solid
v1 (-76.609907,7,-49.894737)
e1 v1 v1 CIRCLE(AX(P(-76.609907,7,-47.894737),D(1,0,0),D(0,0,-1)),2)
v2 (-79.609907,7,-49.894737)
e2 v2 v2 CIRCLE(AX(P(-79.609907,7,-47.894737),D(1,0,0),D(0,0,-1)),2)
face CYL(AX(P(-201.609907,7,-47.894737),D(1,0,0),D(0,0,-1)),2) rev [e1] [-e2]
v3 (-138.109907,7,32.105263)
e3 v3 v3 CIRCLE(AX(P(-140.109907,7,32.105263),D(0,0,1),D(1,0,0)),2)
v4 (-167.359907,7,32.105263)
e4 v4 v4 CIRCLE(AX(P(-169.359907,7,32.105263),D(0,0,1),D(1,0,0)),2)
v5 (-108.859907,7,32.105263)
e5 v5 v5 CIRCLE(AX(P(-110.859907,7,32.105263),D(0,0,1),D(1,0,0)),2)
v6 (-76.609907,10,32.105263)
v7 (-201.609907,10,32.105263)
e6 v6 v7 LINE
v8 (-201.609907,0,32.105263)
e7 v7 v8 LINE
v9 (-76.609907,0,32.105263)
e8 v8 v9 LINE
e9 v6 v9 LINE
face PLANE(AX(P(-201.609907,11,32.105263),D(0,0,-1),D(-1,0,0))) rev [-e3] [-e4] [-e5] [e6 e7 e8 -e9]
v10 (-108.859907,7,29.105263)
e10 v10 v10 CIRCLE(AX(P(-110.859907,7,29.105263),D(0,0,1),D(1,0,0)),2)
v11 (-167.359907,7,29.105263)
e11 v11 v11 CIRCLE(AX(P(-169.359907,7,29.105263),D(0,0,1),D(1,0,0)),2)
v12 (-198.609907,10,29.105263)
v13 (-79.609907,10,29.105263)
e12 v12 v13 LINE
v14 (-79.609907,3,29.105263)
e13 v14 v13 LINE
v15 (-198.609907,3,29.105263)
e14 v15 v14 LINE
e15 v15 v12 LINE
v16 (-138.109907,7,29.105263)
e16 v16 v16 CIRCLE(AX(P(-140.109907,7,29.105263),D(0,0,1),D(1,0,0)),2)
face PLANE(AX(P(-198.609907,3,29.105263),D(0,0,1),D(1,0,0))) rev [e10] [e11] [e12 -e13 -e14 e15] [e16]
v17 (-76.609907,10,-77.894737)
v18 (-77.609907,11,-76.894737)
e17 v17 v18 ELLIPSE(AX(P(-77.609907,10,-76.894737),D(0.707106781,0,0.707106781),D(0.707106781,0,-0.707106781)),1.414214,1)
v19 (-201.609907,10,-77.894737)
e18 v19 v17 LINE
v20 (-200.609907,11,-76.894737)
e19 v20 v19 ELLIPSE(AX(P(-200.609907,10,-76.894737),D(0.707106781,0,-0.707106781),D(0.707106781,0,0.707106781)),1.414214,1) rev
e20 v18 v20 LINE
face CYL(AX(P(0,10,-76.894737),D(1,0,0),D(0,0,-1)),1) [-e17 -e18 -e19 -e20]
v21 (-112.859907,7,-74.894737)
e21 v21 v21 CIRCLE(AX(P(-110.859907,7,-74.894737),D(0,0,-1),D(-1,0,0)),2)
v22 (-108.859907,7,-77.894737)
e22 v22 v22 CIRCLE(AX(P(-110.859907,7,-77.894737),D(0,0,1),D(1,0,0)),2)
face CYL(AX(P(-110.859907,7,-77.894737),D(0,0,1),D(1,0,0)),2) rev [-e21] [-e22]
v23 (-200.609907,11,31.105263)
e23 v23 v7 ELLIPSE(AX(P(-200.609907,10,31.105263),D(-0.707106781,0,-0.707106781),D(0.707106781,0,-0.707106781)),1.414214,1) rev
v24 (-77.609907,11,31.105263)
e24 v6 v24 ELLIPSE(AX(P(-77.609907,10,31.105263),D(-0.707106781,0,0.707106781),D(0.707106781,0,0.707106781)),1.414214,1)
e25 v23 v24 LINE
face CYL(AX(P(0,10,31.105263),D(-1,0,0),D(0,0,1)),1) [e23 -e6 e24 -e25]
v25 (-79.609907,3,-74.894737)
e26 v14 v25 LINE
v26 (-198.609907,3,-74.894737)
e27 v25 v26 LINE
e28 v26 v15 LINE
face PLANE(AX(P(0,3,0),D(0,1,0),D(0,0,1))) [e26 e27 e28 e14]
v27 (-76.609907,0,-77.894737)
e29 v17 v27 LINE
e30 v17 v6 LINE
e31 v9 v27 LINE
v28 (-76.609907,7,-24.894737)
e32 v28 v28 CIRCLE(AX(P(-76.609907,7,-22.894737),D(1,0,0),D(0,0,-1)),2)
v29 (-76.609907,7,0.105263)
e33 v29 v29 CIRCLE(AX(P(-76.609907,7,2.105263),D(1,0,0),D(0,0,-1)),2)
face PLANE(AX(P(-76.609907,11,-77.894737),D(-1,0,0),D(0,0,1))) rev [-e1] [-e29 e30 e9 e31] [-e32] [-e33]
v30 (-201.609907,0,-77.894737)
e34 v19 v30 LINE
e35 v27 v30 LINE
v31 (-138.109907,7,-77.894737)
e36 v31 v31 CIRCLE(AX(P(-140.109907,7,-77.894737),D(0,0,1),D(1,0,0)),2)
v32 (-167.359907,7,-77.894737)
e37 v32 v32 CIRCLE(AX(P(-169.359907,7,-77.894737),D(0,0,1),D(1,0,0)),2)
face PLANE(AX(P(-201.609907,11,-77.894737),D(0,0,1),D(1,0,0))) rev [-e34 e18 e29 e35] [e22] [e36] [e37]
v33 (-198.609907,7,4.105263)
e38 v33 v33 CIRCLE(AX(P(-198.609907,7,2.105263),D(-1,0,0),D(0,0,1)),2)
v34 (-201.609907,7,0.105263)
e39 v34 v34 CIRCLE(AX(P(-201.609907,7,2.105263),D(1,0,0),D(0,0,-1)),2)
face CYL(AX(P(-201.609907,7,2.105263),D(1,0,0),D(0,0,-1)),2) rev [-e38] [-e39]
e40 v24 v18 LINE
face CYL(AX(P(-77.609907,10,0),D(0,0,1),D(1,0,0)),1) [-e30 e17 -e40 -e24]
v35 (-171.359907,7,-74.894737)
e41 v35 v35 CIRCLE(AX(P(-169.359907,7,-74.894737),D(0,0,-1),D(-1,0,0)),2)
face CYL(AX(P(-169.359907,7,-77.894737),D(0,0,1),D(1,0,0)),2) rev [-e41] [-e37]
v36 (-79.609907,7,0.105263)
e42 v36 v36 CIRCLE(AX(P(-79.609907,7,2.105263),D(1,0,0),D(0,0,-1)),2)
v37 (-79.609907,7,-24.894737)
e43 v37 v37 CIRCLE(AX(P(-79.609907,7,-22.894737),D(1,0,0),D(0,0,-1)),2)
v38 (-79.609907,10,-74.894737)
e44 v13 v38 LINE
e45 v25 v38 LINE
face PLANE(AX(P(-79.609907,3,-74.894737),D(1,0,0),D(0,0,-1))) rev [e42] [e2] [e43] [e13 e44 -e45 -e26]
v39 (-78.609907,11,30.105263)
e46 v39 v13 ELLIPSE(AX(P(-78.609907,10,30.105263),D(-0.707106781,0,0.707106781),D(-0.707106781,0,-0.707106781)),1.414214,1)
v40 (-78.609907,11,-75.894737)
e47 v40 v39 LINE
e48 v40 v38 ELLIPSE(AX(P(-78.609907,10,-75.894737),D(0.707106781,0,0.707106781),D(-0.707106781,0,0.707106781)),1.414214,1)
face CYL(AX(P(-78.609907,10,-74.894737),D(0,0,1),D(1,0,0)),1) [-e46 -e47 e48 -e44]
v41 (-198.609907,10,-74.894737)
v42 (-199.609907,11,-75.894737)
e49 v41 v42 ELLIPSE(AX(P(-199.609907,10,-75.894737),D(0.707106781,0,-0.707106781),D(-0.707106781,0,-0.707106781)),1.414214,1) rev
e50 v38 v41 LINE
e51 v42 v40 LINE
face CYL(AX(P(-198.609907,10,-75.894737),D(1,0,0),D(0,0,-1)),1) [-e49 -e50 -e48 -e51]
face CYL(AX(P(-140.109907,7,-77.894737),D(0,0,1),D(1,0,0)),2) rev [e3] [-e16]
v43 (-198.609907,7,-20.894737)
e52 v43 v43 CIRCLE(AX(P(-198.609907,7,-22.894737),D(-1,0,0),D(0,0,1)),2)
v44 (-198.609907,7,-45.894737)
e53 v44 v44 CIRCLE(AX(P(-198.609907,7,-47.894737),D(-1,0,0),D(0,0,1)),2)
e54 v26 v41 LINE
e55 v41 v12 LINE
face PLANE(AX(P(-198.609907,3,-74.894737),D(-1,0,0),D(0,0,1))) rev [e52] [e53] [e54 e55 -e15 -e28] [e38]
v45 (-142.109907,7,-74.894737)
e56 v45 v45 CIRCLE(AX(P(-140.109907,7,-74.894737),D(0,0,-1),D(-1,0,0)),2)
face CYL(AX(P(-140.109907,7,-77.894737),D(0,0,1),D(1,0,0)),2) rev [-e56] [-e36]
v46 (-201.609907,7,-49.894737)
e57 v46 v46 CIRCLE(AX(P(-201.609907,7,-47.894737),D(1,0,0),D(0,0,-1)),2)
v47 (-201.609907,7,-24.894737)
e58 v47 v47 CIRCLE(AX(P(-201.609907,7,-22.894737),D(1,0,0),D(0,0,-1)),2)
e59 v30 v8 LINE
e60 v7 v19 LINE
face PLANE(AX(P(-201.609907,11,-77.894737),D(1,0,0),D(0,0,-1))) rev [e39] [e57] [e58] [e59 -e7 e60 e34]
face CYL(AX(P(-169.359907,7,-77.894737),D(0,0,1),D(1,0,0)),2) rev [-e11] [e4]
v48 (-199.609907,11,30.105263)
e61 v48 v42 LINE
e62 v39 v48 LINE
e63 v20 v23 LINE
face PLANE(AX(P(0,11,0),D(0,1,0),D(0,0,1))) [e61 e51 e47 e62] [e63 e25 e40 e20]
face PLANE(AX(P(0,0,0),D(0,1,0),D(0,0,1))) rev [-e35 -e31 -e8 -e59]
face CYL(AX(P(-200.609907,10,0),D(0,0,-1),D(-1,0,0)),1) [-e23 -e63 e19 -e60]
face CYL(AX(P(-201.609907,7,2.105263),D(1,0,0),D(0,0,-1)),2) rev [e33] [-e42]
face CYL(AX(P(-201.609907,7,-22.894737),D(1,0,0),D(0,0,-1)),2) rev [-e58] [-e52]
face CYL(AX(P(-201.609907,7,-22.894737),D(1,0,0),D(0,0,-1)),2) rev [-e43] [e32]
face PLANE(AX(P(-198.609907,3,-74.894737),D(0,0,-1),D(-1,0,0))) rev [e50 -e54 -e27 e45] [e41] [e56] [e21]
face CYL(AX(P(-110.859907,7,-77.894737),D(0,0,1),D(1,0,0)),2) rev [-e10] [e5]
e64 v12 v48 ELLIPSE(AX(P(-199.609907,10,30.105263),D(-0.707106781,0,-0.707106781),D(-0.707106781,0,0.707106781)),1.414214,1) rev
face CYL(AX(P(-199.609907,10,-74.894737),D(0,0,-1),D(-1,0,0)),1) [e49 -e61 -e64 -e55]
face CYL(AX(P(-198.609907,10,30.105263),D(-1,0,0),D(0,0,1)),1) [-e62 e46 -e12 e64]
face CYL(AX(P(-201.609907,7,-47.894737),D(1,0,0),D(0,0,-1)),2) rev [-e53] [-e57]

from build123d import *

# Parameters (mm, degrees)
SKETCH1_W               = 125
SKETCH1_H               = 110
BOSS_EXTRUDE1_DEPTH     = 11
SKETCH4_W               = 119
SKETCH4_H               = 104
CUT_EXTRUDE1_DEPTH      = 8
SKETCH6_R               = 2
CUT_EXTRUDE6_DEPTH      = 123
CUT_EXTRUDE6_DEPTH_BACK = 4
SKETCH5_R               = 2
CUT_EXTRUDE5_DEPTH      = 108
CUT_EXTRUDE5_DEPTH_BACK = 4
FILLET2_R               = 1


with BuildPart() as part:
    # Sketch1 → Boss-Extrude1 (new body)
    with BuildSketch(Plane(origin=(0, 0, 0), x_dir=(1, 0, 0), z_dir=(0, 1, 0))):
        with Locations((-139.109907121, 22.894736842)):
            Rectangle(SKETCH1_W, SKETCH1_H)
    extrude(amount=BOSS_EXTRUDE1_DEPTH)

    # Sketch4 → Cut-Extrude1 (cut)
    with BuildSketch(Plane(origin=(0, 11, 0), x_dir=(1, 0, 0), z_dir=(0, 1, 0))):
        with Locations((-139.109907121, 22.894736842)):
            Rectangle(SKETCH4_W, SKETCH4_H)
    extrude(amount=-CUT_EXTRUDE1_DEPTH, mode=Mode.SUBTRACT)

    # Sketch6 → Cut-Extrude6 (cut, two sides)
    with BuildSketch(Plane(origin=(-198.609907121, 0, 0), x_dir=(0, 0, -1), z_dir=(1, 0, 0))) as cut_extrude6_sk:
        with Locations((-2.105263158, 6.999999953)):
            Circle(SKETCH6_R)
        with Locations((22.894736842, 6.999999953)):
            Circle(SKETCH6_R)
        with Locations((47.894736842, 7)):
            Circle(SKETCH6_R)
    extrude(amount=CUT_EXTRUDE6_DEPTH, mode=Mode.SUBTRACT)
    extrude(cut_extrude6_sk.sketch, amount=-CUT_EXTRUDE6_DEPTH_BACK, mode=Mode.SUBTRACT)

    # Sketch5 → Cut-Extrude5 (cut, two sides)
    with BuildSketch(Plane.XY.offset(-74.894736842)) as cut_extrude5_sk:
        with Locations((-169.359907121, 7)):
            Circle(SKETCH5_R)
        with Locations((-140.109907121, 7)):
            Circle(SKETCH5_R)
        with Locations((-110.859907121, 7)):
            Circle(SKETCH5_R)
    extrude(amount=CUT_EXTRUDE5_DEPTH, mode=Mode.SUBTRACT)
    extrude(cut_extrude5_sk.sketch, amount=-CUT_EXTRUDE5_DEPTH_BACK, mode=Mode.SUBTRACT)

    # Fillet2
    fillet2_edges = [part.edges().sort_by_distance(p)[0] for p in [
        (-76.609907121, 11, -22.894736842),
        (-139.109907121, 11, -77.894736842),
        (-198.609907121, 11, -22.894736842),
        (-139.109907121, 11, 29.105263158),
        (-79.609907121, 11, -22.894736842),
        (-139.109907121, 11, -74.894736842),
        (-201.609907121, 11, -22.894736842),
        (-139.109907121, 11, 32.105263158),
    ]]
    fillet(fillet2_edges, radius=FILLET2_R)


solid = part.part
